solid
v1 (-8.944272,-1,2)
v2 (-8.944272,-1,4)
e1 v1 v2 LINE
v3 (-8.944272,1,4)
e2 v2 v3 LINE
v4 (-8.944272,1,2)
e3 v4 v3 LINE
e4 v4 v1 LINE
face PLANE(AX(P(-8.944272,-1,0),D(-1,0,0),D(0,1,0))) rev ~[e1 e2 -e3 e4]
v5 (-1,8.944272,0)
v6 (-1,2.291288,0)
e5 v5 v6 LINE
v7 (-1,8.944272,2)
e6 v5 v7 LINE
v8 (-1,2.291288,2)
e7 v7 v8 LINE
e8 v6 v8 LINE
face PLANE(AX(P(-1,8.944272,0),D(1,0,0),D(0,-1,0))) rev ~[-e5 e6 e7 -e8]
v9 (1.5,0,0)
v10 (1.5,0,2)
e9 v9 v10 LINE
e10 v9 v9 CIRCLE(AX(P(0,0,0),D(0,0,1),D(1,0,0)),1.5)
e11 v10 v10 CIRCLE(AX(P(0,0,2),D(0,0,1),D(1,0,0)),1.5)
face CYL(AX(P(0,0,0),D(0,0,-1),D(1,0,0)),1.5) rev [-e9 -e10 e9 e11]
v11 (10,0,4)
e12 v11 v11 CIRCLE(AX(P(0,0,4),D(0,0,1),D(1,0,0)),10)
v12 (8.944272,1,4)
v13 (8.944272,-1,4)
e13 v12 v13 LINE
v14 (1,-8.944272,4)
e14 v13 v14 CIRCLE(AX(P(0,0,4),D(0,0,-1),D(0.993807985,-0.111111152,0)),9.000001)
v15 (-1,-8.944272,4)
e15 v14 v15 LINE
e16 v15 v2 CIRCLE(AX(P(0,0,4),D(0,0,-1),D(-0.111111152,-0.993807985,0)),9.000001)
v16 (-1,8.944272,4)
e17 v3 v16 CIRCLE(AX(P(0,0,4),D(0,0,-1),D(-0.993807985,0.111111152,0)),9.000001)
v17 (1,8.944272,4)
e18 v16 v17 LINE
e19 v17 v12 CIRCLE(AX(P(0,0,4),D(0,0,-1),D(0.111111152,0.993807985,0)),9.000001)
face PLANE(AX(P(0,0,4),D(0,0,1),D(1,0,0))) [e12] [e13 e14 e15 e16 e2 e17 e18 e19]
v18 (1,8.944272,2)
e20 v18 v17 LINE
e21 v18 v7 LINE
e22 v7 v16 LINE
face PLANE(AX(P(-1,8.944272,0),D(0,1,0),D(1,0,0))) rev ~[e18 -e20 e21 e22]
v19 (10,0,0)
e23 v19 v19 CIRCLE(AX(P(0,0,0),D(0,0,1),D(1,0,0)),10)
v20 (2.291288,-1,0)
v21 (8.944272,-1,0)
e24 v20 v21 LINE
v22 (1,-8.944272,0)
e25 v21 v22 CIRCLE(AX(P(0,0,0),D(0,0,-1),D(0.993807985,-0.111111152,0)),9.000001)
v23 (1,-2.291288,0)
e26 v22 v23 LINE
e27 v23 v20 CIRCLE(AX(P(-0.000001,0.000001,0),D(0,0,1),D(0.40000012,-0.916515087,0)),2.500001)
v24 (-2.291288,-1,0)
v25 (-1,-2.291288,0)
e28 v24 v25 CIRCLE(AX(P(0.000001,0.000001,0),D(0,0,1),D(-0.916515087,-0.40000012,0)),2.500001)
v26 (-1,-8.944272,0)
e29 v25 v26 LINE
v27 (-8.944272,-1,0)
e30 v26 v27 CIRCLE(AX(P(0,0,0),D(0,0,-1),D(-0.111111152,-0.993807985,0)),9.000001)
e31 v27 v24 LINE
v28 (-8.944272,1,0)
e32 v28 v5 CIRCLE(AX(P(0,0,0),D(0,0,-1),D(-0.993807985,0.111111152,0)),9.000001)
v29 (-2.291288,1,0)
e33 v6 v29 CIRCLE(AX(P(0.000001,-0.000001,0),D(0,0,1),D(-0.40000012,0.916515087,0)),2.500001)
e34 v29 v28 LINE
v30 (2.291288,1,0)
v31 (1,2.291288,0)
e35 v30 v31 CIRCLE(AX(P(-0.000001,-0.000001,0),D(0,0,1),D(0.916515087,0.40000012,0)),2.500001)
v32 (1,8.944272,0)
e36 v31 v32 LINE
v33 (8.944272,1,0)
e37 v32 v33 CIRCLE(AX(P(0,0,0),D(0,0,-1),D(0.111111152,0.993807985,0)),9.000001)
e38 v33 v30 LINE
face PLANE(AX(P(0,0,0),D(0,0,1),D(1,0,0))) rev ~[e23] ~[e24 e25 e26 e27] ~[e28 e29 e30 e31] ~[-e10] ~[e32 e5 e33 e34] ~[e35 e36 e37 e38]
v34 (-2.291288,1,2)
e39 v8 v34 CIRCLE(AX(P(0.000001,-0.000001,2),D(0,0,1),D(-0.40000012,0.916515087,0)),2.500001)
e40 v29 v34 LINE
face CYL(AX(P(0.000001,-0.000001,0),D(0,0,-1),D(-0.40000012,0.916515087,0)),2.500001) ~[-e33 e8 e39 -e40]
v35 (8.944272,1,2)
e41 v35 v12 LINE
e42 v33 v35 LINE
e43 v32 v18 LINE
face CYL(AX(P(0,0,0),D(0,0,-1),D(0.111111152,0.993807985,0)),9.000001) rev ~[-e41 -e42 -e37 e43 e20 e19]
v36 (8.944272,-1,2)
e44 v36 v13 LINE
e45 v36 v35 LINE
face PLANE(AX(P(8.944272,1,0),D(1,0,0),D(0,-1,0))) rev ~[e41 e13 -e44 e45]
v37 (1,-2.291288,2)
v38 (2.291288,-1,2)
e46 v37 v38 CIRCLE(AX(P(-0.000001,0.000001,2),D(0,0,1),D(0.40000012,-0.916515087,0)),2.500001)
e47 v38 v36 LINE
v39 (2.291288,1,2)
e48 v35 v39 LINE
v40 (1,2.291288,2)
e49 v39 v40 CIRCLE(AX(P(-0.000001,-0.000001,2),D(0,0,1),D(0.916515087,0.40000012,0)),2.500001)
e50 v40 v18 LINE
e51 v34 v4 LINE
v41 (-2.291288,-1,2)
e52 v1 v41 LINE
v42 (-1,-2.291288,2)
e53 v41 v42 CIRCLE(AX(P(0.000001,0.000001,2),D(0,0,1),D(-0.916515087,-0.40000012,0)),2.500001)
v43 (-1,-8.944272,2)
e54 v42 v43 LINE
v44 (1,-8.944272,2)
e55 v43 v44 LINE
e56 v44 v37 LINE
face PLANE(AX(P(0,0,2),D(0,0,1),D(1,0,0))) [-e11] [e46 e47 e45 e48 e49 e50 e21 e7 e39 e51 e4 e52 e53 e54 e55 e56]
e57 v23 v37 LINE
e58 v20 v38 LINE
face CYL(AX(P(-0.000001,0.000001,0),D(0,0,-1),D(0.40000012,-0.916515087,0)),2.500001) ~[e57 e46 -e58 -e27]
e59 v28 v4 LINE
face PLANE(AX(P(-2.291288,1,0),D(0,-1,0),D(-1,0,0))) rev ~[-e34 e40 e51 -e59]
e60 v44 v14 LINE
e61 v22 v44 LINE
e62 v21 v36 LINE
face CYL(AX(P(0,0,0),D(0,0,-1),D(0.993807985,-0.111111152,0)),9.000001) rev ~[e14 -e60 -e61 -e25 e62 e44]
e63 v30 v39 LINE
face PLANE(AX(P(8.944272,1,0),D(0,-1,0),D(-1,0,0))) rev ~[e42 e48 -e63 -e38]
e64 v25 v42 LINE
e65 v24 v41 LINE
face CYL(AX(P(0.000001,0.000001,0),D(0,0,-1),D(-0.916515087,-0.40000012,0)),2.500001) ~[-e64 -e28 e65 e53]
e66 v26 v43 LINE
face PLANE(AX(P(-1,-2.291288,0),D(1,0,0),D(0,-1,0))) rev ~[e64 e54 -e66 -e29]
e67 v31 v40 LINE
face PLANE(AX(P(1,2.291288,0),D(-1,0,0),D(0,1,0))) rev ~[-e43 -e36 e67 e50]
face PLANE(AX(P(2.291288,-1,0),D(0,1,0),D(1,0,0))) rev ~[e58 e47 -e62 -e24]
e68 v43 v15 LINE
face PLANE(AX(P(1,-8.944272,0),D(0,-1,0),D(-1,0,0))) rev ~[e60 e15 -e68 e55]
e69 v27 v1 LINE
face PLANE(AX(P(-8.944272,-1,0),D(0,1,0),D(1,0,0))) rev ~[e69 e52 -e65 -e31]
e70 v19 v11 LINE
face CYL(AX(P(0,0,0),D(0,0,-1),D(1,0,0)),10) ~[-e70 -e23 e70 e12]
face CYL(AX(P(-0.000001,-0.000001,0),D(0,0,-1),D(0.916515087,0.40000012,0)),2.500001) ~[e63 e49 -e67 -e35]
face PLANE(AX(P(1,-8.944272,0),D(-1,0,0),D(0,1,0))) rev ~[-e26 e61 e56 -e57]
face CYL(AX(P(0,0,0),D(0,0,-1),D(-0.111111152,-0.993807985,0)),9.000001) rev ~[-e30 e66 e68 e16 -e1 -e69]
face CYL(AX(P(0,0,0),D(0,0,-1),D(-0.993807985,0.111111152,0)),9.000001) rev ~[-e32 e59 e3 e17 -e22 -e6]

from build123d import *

# Parameters (mm, degrees)
F0_R     = 1.5
F1_DEPTH = 2
F0_R_2   = 10
F2_DEPTH = 4


with BuildPart() as f1:
    # F0 (on Top) → F1 (new body)
    with BuildSketch(Plane.XY):
        with BuildLine():
            Line((-8.944272, 1), (-8.944272, -1))
            Line((-8.944272, -1), (-2.291288, -1))
            ThreePointArc((-2.291288, -1), (-1.767767, -1.767767), (-1, -2.291288))
            Line((-1, -2.291288), (-1, -8.944272))
            Line((-1, -8.944272), (1, -8.944272))
            Line((1, -8.944272), (1, -2.291288))
            ThreePointArc((1, -2.291288), (1.767767, -1.767767), (2.291288, -1))
            Line((2.291288, -1), (8.944272, -1))
            Line((8.944272, -1), (8.944272, 1))
            Line((8.944272, 1), (2.291288, 1))
            ThreePointArc((2.291288, 1), (1.767767, 1.767767), (1, 2.291288))
            Line((1, 2.291288), (1, 8.944272))
            Line((1, 8.944272), (-1, 8.944272))
            Line((-1, 8.944272), (-1, 2.291288))
            ThreePointArc((-1, 2.291288), (-1.767767, 1.767767), (-2.291288, 1))
            Line((-2.291288, 1), (-8.944272, 1))
        make_face()
        Circle(F0_R, mode=Mode.SUBTRACT)
    extrude(amount=F1_DEPTH)

    # F0 (on Top) → F2 (join)
    with BuildSketch(Plane.XY):
        Circle(F0_R_2)
        with BuildLine():
            ThreePointArc((-1, -8.944272), (-6.363961, -6.363961), (-8.944272, -1))
            Line((-8.944272, -1), (-8.944272, 1))
            ThreePointArc((-8.944272, 1), (-6.363961, 6.363961), (-1, 8.944272))
            Line((-1, 8.944272), (1, 8.944272))
            ThreePointArc((1, 8.944272), (6.363961, 6.363961), (8.944272, 1))
            Line((8.944272, 1), (8.944272, -1))
            ThreePointArc((8.944272, -1), (6.363961, -6.363961), (1, -8.944272))
            Line((1, -8.944272), (-1, -8.944272))
        make_face(mode=Mode.SUBTRACT)
    extrude(amount=F2_DEPTH)


solid = f1.part
